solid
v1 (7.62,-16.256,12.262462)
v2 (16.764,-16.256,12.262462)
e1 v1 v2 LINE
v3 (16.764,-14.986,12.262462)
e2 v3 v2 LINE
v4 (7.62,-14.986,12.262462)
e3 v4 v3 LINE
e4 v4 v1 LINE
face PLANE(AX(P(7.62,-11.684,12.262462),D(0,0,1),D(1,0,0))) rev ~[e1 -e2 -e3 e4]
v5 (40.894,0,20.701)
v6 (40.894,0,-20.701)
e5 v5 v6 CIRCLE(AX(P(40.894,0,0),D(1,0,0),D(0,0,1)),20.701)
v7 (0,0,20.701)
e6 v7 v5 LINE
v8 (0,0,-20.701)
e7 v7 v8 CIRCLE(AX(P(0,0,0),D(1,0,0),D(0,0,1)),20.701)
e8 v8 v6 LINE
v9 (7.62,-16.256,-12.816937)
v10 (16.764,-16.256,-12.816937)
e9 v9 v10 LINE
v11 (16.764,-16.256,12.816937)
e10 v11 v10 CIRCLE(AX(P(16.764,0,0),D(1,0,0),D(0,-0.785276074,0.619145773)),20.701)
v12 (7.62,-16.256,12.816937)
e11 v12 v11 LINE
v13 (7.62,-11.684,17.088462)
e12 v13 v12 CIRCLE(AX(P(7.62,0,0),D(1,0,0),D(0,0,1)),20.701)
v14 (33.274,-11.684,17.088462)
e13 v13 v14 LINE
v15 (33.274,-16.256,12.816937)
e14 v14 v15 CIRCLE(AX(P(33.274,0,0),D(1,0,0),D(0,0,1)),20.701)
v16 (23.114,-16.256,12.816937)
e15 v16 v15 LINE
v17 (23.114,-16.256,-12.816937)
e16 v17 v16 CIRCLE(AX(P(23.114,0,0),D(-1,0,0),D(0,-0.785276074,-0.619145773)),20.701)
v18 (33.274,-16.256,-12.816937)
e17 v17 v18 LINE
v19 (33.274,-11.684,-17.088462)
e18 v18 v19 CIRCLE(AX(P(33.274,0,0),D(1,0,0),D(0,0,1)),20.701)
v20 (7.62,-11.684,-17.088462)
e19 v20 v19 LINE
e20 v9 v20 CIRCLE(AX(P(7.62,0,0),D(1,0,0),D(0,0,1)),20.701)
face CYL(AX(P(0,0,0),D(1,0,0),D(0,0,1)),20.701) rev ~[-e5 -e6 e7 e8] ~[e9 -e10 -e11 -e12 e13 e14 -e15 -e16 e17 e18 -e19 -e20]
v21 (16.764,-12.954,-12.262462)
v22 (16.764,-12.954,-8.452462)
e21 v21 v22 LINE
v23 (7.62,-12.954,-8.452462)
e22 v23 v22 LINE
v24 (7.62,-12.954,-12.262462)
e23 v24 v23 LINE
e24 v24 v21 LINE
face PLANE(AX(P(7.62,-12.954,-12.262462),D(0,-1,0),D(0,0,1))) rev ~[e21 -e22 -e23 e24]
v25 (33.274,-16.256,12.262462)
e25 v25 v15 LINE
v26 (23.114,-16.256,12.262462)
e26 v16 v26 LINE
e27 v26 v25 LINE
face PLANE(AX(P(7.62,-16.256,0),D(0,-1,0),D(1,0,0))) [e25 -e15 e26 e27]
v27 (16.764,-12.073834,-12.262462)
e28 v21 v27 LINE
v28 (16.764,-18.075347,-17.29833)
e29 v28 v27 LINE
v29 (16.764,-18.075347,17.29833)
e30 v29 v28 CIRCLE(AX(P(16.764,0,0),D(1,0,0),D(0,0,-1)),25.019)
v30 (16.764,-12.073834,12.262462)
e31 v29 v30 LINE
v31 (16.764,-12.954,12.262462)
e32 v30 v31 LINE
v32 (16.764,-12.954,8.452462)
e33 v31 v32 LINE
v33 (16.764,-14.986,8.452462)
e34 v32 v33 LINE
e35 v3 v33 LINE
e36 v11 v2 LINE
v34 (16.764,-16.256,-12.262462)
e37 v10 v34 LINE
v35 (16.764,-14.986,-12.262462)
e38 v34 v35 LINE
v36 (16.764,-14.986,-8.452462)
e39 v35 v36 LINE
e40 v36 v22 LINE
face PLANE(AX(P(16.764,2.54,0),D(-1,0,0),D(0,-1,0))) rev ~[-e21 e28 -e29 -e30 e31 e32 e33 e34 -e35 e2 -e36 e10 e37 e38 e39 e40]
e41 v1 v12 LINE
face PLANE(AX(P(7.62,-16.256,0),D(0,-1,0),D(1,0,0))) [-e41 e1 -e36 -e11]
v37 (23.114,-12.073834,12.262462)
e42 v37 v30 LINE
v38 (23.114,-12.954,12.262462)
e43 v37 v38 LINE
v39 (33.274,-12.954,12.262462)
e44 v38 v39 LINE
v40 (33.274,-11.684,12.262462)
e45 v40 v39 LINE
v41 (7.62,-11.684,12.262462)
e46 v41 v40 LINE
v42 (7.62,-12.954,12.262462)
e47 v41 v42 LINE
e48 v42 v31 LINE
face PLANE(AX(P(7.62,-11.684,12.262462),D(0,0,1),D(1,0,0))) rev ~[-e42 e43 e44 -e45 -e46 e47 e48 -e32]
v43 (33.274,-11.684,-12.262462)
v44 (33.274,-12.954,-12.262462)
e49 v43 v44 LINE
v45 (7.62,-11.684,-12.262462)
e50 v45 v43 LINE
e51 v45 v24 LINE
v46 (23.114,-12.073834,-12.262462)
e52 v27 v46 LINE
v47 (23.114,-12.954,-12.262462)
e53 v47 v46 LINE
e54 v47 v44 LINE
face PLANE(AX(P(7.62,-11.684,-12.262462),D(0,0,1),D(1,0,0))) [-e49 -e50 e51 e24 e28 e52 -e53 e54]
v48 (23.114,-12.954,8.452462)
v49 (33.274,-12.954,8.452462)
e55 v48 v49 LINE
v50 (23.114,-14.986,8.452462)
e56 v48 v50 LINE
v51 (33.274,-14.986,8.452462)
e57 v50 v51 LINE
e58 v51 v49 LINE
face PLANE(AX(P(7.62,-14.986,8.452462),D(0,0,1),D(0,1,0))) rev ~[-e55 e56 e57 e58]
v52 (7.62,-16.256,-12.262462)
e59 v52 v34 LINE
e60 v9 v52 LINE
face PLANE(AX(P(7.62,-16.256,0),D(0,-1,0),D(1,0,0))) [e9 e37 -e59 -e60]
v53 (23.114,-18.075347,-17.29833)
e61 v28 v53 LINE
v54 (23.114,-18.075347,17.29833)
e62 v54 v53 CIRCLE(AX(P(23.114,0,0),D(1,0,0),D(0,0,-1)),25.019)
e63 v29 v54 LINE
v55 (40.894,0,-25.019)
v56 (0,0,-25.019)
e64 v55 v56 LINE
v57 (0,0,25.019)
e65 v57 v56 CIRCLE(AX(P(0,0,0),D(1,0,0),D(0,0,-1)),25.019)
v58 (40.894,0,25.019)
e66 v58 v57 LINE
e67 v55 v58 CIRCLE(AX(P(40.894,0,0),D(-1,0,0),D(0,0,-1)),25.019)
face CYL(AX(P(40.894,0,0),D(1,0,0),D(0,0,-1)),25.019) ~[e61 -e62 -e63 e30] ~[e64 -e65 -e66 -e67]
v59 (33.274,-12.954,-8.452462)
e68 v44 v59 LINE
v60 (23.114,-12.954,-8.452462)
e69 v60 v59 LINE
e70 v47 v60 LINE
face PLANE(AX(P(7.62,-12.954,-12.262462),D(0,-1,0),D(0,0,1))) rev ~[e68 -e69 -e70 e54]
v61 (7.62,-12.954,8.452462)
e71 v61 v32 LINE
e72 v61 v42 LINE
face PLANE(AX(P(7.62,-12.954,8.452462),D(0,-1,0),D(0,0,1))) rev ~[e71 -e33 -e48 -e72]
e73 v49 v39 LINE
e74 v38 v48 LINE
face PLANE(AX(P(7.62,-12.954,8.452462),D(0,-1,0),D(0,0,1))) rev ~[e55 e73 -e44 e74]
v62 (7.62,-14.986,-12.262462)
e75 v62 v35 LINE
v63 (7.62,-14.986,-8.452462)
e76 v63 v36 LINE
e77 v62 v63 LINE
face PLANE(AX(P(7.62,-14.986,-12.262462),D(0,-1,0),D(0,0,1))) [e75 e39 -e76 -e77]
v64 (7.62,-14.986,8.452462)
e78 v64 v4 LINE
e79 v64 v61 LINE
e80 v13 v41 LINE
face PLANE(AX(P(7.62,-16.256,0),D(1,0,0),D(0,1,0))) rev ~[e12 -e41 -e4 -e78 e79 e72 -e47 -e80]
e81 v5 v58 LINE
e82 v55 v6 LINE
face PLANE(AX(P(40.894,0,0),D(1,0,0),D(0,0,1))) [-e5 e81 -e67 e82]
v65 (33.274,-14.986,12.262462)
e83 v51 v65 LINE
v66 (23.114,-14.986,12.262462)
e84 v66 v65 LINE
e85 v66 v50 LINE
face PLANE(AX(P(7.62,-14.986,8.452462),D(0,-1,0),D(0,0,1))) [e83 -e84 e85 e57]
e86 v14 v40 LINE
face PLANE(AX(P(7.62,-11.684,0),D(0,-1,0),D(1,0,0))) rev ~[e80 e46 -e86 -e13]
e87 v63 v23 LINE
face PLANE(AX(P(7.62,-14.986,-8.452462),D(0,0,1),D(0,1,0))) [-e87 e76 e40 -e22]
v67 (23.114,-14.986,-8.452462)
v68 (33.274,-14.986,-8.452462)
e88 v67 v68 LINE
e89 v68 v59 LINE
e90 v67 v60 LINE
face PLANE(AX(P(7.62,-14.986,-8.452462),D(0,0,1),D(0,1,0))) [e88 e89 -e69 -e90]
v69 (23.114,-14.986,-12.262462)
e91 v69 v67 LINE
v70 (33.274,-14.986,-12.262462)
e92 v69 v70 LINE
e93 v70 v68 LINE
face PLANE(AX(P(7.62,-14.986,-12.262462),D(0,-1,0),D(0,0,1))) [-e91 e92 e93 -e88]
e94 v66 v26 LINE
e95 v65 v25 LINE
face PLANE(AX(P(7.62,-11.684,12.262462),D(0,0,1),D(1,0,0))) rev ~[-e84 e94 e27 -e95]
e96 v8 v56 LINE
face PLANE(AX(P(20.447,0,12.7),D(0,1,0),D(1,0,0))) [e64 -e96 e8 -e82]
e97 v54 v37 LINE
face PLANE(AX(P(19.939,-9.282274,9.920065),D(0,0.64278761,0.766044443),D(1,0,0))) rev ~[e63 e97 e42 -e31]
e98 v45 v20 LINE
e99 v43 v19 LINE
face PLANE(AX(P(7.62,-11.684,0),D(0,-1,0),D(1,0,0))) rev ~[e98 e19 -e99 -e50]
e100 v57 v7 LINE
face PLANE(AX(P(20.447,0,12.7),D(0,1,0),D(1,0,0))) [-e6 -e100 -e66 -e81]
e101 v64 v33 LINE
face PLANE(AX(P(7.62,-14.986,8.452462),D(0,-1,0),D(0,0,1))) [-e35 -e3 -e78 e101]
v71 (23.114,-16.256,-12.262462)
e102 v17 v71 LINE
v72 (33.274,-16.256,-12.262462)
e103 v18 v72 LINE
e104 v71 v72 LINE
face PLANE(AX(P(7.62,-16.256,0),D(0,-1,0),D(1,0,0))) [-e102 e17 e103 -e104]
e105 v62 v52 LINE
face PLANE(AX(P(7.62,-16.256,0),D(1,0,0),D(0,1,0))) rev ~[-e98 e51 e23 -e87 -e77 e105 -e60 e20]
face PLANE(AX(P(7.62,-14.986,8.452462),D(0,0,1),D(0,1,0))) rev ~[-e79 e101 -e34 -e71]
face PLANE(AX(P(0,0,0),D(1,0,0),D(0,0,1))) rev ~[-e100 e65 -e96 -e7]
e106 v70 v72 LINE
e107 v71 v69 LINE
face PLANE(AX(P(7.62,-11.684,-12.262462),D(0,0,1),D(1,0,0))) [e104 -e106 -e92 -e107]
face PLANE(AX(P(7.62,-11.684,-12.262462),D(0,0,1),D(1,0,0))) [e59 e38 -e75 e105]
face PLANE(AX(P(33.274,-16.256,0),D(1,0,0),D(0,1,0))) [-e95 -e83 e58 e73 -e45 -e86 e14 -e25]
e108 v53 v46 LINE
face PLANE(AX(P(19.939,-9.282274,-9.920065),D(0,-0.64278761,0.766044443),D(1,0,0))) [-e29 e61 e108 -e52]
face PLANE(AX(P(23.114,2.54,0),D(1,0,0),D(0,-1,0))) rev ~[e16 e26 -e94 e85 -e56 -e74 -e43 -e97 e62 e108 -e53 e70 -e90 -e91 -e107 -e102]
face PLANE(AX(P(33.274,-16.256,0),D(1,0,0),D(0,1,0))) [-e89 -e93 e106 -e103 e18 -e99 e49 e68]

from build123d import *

# Parameters (mm, degrees)
SKETCH1_W                       = 40.894
SKETCH1_H                       = 25.4
REVOLVE1_ANGLE                  = 180
BOSS_EXTRUDE1_REACH             = 27.4
SKETCH3_W                       = 25.654
SKETCH3_H                       = 4.572
BOSS_EXTRUDE1_DIRECTION_2_REACH = 27.4
SKETCH4_W                       = 25.654
SKETCH4_H                       = 24.524924672
CUT_EXTRUDE1_DEPTH              = 4.572
SKETCH5_W                       = 3.81
SKETCH5_H                       = 2.032
BOSS_EXTRUDE2_DEPTH             = 25.654
SKETCH8_W                       = 6.35
SKETCH8_H                       = 30.865764514
CUT_REVOLVE2_ANGLE              = 40
CUT_REVOLVE2_OTHER_WAY_ANGLE    = 40
CUT_EXTRUDE3_DEPTH              = 45.72


with BuildPart() as part:
    # Sketch1 → Revolve1 (revolve)
    with BuildSketch(Plane(origin=(0, 0, 0), x_dir=(1, 0, 0), z_dir=(0, 1, 0))):
        with Locations((20.447, -12.7)):
            Rectangle(SKETCH1_W, SKETCH1_H)
    revolve(axis=Axis((0, 0, 0), (1, 0, 0)), revolution_arc=REVOLVE1_ANGLE)

    # Sketch2 → Cut-Revolve1 (revolve, cut)
    with BuildSketch(Plane(origin=(0, 0, 0), x_dir=(1, 0, 0), z_dir=(0, 1, 0))):
        Polygon((0, 0), (41.402, 0), (41.402, -20.701), (40.132, -20.701), (1.27, -20.701), (0, -20.701), align=None)
    revolve(axis=Axis((0, 0, 0), (1, 0, 0)), mode=Mode.SUBTRACT)

    # Sketch3 → Boss-Extrude1 (add, up to next)
    with BuildSketch(Plane.XY, mode=Mode.PRIVATE) as boss_extrude1_sk1:
        with Locations((20.447, -13.97)):
            Rectangle(SKETCH3_W, SKETCH3_H)
    boss_extrude1_tool1 = extrude(boss_extrude1_sk1.sketch, amount=BOSS_EXTRUDE1_REACH, mode=Mode.PRIVATE) - part.part
    add(boss_extrude1_tool1.solids().sort_by_distance((20.447, -13.97, 0))[0])

    # Sketch3 → Boss-Extrude1 direction 2 (add, up to next)
    with BuildSketch(Plane.XY, mode=Mode.PRIVATE) as boss_extrude1_direction_2_sk1:
        with Locations((20.447, -13.97)):
            Rectangle(SKETCH3_W, SKETCH3_H)
    boss_extrude1_direction_2_tool1 = extrude(boss_extrude1_direction_2_sk1.sketch, amount=-BOSS_EXTRUDE1_DIRECTION_2_REACH, mode=Mode.PRIVATE) - part.part
    add(boss_extrude1_direction_2_tool1.solids().sort_by_distance((20.447, -13.97, 0))[0])

    # Sketch4 → Cut-Extrude1 (cut)
    with BuildSketch(Plane(origin=(0, -11.684, 0), x_dir=(1, 0, 0), z_dir=(0, 1, 0))):
        with Locations((20.447, 0)):
            Rectangle(SKETCH4_W, SKETCH4_H)
    extrude(amount=-CUT_EXTRUDE1_DEPTH, mode=Mode.SUBTRACT)

    # Sketch5 → Boss-Extrude2 (add)
    with BuildSketch(Plane.ZY.offset(-7.62)):
        with Locations((-10.357462336, -13.97)):
            Rectangle(SKETCH5_W, SKETCH5_H)
        with Locations((10.357462336, -13.97)):
            Rectangle(SKETCH5_W, SKETCH5_H)
    extrude(amount=-BOSS_EXTRUDE2_DEPTH)

    # Sketch8 → Cut-Revolve2 (revolve, cut)
    with BuildSketch(Plane.XY):
        with Locations((19.939, -12.892882257)):
            Rectangle(SKETCH8_W, SKETCH8_H)
    revolve(axis=Axis((23.114, 2.54, 0), (-1, 0, 0)), revolution_arc=CUT_REVOLVE2_ANGLE, mode=Mode.SUBTRACT)

    # Sketch8 → Cut-Revolve2 other way (revolve, cut)
    with BuildSketch(Plane.XY):
        with Locations((19.939, -12.892882257)):
            Rectangle(SKETCH8_W, SKETCH8_H)
    revolve(axis=Axis((23.114, 2.54, 0), (1, 0, 0)), revolution_arc=CUT_REVOLVE2_OTHER_WAY_ANGLE, mode=Mode.SUBTRACT)

    # Sketch9 → Cut-Extrude3 (cut)
    with BuildSketch(Plane(origin=(40.894, 0, 0), x_dir=(0, 0, -1), z_dir=(1, 0, 0))):
        with BuildLine():
            ThreePointArc((25.019, 0), (0, -25.019), (-25.019, 0))
            Line((-25.019, 0), (-25.4, 0))
            ThreePointArc((-25.4, 0), (0, -25.4), (25.4, 0))
            Line((25.4, 0), (25.019, 0))
        make_face()
    extrude(amount=-CUT_EXTRUDE3_DEPTH, mode=Mode.SUBTRACT)


solid = part.part
